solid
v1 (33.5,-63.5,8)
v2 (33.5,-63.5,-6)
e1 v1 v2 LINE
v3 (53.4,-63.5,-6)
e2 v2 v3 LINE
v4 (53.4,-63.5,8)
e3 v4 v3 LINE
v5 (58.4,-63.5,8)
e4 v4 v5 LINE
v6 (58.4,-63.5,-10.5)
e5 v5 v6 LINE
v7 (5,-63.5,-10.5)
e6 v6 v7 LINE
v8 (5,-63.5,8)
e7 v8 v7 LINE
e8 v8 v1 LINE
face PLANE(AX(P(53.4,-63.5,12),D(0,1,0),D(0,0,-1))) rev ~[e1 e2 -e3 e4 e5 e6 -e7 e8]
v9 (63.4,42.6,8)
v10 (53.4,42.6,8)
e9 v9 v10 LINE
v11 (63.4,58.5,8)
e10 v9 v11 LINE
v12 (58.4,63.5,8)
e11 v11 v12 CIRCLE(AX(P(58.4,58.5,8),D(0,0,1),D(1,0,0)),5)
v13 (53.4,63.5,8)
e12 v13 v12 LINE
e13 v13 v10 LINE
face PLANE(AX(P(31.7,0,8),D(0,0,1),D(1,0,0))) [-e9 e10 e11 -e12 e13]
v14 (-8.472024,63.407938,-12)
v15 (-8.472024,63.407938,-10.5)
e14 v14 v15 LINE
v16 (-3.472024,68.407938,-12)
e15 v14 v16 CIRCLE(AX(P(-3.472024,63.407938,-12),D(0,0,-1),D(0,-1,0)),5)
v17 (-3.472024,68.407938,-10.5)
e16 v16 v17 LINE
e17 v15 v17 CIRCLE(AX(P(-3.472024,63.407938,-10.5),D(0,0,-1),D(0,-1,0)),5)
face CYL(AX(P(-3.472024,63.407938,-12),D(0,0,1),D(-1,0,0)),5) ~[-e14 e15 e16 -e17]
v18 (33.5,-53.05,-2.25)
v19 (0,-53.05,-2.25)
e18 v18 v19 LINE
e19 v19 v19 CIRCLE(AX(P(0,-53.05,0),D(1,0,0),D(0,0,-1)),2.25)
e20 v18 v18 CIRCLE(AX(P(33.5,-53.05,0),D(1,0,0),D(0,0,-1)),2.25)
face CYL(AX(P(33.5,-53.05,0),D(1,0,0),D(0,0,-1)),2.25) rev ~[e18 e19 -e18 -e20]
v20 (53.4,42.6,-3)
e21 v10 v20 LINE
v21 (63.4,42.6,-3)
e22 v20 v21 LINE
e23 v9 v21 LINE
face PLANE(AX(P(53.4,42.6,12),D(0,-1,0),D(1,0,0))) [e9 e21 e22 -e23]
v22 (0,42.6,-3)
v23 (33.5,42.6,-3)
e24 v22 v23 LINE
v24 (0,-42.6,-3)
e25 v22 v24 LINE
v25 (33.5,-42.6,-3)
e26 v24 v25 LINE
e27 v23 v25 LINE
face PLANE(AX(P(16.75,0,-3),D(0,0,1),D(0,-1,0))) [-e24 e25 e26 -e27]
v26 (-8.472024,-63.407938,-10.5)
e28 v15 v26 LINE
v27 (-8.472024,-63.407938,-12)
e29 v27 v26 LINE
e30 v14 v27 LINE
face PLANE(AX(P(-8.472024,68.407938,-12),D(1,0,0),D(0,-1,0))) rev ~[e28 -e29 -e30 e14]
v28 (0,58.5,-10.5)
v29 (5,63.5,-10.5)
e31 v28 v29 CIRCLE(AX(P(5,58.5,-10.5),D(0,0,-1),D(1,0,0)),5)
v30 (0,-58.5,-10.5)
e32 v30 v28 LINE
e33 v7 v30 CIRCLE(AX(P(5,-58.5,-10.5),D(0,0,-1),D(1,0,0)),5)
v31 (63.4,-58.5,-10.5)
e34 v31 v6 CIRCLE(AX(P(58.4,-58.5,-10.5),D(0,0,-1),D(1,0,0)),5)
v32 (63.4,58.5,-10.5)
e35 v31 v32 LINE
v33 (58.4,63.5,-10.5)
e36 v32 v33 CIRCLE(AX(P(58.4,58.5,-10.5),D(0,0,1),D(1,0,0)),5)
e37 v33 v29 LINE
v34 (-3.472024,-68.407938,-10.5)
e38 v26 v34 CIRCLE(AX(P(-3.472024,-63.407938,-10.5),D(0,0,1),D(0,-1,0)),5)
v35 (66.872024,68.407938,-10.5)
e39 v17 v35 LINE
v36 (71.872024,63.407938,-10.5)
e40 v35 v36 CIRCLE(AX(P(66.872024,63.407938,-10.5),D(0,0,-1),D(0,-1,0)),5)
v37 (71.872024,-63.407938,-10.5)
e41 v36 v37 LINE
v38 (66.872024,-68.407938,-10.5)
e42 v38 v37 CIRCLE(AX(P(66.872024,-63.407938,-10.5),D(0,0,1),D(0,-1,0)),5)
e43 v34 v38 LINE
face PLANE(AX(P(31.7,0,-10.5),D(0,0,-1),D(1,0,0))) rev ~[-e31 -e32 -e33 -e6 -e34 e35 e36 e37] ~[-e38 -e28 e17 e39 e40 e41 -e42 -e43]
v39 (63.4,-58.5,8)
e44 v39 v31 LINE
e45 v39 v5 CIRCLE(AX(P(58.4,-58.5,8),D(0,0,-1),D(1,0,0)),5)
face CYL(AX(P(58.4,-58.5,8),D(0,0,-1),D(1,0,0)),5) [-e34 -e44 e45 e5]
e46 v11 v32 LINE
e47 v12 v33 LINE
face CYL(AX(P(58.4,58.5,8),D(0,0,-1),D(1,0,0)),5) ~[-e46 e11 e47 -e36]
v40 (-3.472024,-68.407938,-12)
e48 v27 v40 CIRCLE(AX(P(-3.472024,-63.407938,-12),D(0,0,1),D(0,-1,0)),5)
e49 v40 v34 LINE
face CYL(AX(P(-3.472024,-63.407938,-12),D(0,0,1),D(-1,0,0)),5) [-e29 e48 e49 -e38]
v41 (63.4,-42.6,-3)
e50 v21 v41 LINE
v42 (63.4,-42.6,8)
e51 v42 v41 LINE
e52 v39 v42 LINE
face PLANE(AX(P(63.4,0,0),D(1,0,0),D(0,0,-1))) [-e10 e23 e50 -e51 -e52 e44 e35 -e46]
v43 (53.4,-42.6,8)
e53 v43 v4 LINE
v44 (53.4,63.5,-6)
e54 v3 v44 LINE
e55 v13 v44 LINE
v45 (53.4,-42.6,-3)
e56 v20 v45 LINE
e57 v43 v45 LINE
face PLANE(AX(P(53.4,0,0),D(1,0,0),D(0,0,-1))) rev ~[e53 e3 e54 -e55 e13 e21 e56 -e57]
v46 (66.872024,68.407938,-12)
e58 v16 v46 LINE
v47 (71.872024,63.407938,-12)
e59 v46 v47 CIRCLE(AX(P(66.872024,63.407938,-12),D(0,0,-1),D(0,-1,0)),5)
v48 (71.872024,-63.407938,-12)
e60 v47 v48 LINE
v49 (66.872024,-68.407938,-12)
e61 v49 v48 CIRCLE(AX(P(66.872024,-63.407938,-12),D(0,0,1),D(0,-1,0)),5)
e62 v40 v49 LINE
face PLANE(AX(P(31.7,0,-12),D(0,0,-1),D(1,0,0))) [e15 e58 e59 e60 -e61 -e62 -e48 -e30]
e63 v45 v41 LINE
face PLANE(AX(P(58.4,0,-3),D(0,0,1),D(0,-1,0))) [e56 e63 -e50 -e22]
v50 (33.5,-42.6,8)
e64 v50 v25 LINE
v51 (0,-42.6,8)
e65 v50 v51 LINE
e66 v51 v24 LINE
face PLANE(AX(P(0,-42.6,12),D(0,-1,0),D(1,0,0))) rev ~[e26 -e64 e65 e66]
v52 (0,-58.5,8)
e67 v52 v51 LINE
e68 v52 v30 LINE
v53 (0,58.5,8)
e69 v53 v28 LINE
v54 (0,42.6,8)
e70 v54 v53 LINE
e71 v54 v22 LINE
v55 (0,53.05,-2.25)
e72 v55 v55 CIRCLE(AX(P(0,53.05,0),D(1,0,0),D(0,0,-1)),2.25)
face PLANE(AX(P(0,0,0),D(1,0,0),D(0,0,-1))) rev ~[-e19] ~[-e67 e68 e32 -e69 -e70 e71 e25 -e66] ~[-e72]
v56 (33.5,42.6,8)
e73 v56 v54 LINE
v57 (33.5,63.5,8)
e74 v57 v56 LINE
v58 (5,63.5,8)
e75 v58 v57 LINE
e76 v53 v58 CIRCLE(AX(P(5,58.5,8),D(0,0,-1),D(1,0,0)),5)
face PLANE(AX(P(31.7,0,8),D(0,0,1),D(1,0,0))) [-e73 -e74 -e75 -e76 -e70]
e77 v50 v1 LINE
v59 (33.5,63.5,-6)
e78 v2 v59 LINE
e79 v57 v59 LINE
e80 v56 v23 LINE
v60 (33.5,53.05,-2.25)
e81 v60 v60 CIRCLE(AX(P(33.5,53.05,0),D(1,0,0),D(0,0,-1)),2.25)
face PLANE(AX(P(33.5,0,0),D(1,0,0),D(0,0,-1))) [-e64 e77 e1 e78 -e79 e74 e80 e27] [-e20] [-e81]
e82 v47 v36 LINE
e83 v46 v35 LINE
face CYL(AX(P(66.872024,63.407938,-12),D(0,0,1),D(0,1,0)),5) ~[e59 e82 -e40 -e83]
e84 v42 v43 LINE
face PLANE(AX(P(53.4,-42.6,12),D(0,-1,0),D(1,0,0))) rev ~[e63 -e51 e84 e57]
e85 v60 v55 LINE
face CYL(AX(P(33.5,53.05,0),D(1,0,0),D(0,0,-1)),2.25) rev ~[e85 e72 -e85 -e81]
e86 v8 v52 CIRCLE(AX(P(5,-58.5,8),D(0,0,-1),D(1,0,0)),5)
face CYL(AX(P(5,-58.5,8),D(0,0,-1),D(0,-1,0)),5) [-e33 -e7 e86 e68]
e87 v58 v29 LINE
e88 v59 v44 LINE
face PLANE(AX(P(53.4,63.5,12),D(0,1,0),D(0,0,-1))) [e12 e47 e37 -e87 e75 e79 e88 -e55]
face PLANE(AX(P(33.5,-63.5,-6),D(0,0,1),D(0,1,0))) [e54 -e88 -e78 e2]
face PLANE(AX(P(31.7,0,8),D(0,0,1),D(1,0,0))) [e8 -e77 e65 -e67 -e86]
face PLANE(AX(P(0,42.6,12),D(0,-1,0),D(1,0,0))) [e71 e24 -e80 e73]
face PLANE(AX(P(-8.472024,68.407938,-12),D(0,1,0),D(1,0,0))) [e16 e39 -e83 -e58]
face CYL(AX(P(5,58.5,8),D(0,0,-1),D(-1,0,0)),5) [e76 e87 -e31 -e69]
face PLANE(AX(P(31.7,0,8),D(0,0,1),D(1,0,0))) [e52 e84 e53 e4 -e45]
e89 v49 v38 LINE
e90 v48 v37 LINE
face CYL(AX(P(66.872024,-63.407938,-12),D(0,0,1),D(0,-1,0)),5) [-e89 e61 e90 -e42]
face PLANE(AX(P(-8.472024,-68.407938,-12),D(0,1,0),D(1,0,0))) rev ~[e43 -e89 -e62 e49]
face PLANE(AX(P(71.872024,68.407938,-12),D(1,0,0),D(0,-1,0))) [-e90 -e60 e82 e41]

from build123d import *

# Parameters (mm, degrees)
F0_W      = 24
F0_H      = 127
F1_DEPTH  = 33.5
F2_W      = 6
F2_H      = 127
F3_DEPTH  = 19.9
F5_W      = 24
F5_H      = 127
F6_DEPTH  = 10
F7_W      = 85.2
F7_H      = 33.5
F7_H_2    = 10
F8_DEPTH  = 15
F4_R      = 2.25
F9_DEPTH  = 33.5
F11_ANGLE = 90
F12_W     = 63.4
F12_H     = 127
F13_DEPTH = 4
F14_W     = 80.3440480709
F14_H     = 136.8158757687
F15_DEPTH = 1.5
F16_R     = 5


with BuildPart() as f1:
    # F0 (on Top) → F1 (new body)
    with BuildSketch(Plane.XY):
        Rectangle(F0_W, F0_H)
    extrude(amount=F1_DEPTH)

    # F2 (on face) → F3 (join)
    with BuildSketch(Plane.XY.offset(33.5)):
        with Locations((9, 0)):
            Rectangle(F2_W, F2_H)
    extrude(amount=F3_DEPTH)

    # F5 (on face) → F6 (join)
    with BuildSketch(Plane.XY.offset(53.4)):
        Rectangle(F5_W, F5_H)
    extrude(amount=F6_DEPTH)

    # F7 (on face) → F8 (cut)
    with BuildSketch(Plane(origin=(-12, 0, 0), x_dir=(0, -1, 0), z_dir=(-1, 0, 0))):
        with Locations((0, 16.75)):
            Rectangle(F7_W, F7_H)
        with Locations((0, 58.4)):
            Rectangle(F7_W, F7_H_2)
    extrude(amount=-F8_DEPTH, mode=Mode.SUBTRACT)

    # F4 (on face) → F9 (cut, through all)
    with BuildSketch(Plane.XY.offset(33.5)):
        with Locations((0, 53.05)):
            Circle(F4_R)
        with Locations((0, -53.05)):
            Circle(F4_R)
    extrude(amount=-F9_DEPTH, mode=Mode.SUBTRACT)


with BuildPart() as f1_1:
    # F11: moved
    add(f1.part.rotate(Axis((0, -2.2393353283, 0), (0, 1, 0)), F11_ANGLE))

    # F12 (on face) → F13 (cut)
    with BuildSketch(Plane.XY.offset(12)):
        with Locations((31.7, 0)):
            Rectangle(F12_W, F12_H)
    extrude(amount=-F13_DEPTH, mode=Mode.SUBTRACT)

    # F14 (on face) → F15 (join)
    with BuildSketch(Plane(origin=(0, 0, -12), x_dir=(1, 0, 0), z_dir=(0, 0, -1))):
        with Locations((31.7, 0)):
            Rectangle(F14_W, F14_H)
    extrude(amount=-F15_DEPTH)

    # F16
    f16_edges = [f1_1.edges().sort_by_distance(p)[0] for p in [
        (63.4, 63.5, -1.25),
        (0, 63.5, -1.25),
        (-8.472024, 68.407938, -11.25),
        (71.872024, 68.407938, -11.25),
        (0, -63.5, -1.25),
        (63.4, -63.5, -1.25),
        (71.872024, -68.407938, -11.25),
        (-8.472024, -68.407938, -11.25),
    ]]
    fillet(f16_edges, radius=F16_R)


solid = f1_1.part
